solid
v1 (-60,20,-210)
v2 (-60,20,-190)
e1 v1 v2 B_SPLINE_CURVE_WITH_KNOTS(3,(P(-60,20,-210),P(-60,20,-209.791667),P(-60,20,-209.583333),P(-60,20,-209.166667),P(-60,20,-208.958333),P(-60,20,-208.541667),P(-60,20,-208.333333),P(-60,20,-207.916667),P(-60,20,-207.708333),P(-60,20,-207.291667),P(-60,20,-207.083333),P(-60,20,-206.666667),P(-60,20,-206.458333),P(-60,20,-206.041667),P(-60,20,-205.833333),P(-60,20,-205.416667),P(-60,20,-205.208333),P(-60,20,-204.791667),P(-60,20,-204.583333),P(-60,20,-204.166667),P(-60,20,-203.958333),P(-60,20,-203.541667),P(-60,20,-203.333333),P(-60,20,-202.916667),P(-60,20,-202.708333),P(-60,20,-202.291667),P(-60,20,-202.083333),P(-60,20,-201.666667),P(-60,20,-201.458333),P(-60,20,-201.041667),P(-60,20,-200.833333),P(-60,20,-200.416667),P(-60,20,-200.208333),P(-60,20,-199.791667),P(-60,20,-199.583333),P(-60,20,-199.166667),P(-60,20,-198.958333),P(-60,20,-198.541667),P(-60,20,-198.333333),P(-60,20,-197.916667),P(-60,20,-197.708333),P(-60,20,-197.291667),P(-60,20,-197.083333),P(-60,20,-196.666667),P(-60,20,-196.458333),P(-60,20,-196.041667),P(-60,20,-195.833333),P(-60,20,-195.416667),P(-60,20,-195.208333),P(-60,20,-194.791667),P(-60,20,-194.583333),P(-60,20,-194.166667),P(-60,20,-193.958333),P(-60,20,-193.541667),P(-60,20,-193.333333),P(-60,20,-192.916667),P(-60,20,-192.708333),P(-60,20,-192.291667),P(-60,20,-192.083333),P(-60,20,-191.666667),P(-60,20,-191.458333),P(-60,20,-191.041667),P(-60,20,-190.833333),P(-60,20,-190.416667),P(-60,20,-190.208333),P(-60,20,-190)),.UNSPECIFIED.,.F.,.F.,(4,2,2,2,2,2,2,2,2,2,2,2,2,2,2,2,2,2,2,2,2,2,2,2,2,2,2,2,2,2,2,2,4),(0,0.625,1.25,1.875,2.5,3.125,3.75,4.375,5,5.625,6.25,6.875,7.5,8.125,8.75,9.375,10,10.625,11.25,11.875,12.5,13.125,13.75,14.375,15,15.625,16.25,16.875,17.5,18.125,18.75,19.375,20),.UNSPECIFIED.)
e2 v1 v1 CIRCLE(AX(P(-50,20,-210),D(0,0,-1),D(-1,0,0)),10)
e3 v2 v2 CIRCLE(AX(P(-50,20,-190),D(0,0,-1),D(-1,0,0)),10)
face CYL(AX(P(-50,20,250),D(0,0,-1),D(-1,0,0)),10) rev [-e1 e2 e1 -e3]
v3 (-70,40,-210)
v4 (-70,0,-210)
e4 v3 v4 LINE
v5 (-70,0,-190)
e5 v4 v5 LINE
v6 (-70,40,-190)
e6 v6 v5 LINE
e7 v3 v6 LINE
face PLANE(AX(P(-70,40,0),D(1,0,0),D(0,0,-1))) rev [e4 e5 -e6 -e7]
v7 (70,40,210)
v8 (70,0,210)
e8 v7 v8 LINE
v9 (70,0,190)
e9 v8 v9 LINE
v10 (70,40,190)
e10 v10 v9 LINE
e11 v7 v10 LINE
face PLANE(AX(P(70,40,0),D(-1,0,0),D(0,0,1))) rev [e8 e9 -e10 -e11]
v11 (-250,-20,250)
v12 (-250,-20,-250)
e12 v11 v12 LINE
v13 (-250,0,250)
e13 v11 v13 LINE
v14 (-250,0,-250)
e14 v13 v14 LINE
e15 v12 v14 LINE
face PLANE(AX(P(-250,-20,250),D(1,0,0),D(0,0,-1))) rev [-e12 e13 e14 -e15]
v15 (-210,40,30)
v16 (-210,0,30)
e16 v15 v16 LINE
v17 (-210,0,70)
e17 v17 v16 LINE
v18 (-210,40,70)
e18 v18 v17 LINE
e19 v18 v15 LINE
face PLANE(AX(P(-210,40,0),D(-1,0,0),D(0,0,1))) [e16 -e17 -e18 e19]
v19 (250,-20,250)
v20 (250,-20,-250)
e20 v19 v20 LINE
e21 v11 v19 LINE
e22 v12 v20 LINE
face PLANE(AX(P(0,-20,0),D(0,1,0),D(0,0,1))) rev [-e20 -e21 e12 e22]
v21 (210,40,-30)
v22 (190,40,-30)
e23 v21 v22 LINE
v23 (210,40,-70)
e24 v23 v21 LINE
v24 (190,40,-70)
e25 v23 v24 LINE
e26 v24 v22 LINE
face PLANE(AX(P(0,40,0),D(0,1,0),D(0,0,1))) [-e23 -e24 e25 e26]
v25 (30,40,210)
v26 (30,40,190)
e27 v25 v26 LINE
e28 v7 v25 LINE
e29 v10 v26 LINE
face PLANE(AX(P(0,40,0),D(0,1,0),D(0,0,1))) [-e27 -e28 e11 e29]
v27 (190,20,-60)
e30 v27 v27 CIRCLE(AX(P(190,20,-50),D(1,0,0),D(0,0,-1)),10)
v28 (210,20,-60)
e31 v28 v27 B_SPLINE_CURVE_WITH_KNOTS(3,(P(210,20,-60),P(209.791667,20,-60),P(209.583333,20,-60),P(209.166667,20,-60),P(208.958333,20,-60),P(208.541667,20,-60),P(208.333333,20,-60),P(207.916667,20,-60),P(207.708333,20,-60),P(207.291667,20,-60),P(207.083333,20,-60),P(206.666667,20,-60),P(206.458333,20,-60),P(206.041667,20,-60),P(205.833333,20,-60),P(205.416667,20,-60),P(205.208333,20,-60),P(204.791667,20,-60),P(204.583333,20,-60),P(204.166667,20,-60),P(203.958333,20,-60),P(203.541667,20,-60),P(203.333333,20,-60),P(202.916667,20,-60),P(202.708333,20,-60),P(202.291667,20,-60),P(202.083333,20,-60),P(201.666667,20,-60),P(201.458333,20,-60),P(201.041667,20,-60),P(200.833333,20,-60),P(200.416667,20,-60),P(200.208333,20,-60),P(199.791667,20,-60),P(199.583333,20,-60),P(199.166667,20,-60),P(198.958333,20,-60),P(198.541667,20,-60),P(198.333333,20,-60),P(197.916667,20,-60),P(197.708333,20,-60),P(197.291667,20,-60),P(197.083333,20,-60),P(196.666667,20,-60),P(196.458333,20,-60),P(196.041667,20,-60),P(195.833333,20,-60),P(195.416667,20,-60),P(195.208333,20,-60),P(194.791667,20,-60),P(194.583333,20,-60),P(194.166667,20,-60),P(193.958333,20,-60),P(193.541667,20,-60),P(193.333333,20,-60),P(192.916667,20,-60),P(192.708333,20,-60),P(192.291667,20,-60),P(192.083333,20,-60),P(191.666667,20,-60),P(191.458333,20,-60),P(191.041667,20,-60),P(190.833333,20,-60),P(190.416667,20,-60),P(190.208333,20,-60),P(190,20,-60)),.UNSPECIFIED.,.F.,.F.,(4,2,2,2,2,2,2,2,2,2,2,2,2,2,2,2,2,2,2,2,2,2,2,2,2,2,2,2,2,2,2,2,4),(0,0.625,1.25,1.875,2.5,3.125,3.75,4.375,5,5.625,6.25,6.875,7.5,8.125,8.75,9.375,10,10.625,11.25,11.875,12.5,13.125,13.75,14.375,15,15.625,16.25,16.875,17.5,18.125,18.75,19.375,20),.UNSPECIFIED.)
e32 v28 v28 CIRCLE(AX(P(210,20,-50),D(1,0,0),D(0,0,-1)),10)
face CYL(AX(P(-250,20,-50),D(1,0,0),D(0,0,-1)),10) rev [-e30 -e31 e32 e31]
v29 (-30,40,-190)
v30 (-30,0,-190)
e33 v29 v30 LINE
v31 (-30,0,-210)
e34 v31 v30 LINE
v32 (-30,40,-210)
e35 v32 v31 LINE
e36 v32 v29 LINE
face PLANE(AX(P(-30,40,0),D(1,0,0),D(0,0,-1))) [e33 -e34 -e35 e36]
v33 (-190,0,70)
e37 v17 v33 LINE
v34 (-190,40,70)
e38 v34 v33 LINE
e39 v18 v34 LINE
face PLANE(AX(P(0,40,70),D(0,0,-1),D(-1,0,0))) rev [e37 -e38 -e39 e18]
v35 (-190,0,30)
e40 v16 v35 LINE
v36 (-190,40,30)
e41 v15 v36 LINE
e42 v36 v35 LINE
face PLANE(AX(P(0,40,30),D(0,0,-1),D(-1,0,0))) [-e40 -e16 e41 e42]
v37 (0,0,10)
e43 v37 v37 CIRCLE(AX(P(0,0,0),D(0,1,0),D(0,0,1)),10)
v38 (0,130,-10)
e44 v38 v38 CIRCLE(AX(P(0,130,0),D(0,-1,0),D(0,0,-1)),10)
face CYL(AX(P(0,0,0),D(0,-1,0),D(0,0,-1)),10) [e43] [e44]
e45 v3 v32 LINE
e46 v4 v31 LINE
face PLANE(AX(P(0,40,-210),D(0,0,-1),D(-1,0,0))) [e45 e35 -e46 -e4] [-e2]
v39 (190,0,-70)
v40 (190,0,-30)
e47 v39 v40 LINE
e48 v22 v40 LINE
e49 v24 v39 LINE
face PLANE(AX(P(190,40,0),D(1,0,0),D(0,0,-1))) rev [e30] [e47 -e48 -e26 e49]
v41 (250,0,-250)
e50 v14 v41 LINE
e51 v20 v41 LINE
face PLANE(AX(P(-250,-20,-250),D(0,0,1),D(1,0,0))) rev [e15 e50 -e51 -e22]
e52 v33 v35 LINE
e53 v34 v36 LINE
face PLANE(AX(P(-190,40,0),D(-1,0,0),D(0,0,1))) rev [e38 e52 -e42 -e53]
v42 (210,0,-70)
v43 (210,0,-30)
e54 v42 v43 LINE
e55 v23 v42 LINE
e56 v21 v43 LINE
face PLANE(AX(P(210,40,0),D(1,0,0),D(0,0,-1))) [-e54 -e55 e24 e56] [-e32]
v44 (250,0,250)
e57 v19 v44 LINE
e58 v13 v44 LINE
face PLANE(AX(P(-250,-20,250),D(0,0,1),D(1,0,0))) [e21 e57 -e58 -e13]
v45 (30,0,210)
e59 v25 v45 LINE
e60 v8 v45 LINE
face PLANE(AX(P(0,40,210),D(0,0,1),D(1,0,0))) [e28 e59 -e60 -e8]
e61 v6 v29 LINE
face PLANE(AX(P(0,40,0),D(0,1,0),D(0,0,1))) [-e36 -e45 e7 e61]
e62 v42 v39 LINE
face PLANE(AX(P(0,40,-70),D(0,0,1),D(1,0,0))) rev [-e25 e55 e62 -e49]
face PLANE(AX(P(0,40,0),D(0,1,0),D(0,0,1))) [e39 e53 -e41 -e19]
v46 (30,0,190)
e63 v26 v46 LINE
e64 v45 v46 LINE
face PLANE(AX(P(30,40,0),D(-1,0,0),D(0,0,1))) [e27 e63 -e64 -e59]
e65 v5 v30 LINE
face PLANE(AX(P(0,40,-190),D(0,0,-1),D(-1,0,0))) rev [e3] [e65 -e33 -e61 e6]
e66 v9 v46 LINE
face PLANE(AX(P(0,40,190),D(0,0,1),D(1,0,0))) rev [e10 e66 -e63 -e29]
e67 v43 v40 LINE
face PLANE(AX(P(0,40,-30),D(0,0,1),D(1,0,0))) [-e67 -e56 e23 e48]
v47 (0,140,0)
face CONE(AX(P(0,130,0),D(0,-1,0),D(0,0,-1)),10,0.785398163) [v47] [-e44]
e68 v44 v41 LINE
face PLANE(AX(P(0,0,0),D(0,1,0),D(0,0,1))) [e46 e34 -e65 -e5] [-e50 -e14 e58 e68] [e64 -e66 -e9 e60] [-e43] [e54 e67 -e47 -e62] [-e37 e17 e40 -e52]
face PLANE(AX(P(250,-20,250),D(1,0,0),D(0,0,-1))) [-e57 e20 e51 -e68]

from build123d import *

# Parameters (mm, degrees)
SKETCH1_W           = 500
SKETCH1_H           = 500
BOSS_EXTRUDE1_DEPTH = 20
SKETCH1_3_W         = 20
SKETCH1_3_H         = 40
SKETCH1_3_W_2       = 40
SKETCH1_3_H_2       = 20
BOSS_EXTRUDE2_DEPTH = 40
SKETCH5_R           = 10
CUT_EXTRUDE1_DEPTH  = 526.071423713
SKETCH6_R           = 10
CUT_EXTRUDE2_DEPTH  = 526.071423713


with BuildPart() as part:
    # Sketch1 → Boss-Extrude1 (new body)
    with BuildSketch(Plane(origin=(0, 0, 0), x_dir=(1, 0, 0), z_dir=(0, 1, 0))):
        Rectangle(SKETCH1_W, SKETCH1_H)
    extrude(amount=-BOSS_EXTRUDE1_DEPTH)

    # Sketch1<3> → Boss-Extrude2 (add)
    with BuildSketch(Plane(origin=(0, 0, 0), x_dir=(1, 0, 0), z_dir=(0, 1, 0))):
        with Locations((-200, -50)):
            Rectangle(SKETCH1_3_W, SKETCH1_3_H)
        with Locations((-50, 200)):
            Rectangle(SKETCH1_3_W_2, SKETCH1_3_H_2)
        with Locations((200, 50)):
            Rectangle(SKETCH1_3_W, SKETCH1_3_H)
        with Locations((50, -200)):
            Rectangle(SKETCH1_3_W_2, SKETCH1_3_H_2)
    extrude(amount=BOSS_EXTRUDE2_DEPTH)

    # Sketch5 → Cut-Extrude1 (cut, through all)
    with BuildSketch(Plane(origin=(0, 0, -210), x_dir=(-1, 0, 0), z_dir=(0, 0, -1))):
        with Locations((50, 20)):
            Circle(SKETCH5_R)
    extrude(amount=-CUT_EXTRUDE1_DEPTH, mode=Mode.SUBTRACT)

    # Sketch6 → Cut-Extrude2 (cut, through all)
    with BuildSketch(Plane(origin=(210, 0, 0), x_dir=(0, 0, -1), z_dir=(1, 0, 0))):
        with Locations((50, 20)):
            Circle(SKETCH6_R)
    extrude(amount=-CUT_EXTRUDE2_DEPTH, mode=Mode.SUBTRACT)

    # Sketch7 → Revolve1 (revolve)
    with BuildSketch(Plane(origin=(0, 0, 0), x_dir=(0, 0, -1), z_dir=(1, 0, 0))):
        Polygon((0, 0), (0, 140), (10, 130), (10, 0), align=None)
    revolve(axis=Axis((0, 0, 0), (0, 1, 0)))


solid = part.part
